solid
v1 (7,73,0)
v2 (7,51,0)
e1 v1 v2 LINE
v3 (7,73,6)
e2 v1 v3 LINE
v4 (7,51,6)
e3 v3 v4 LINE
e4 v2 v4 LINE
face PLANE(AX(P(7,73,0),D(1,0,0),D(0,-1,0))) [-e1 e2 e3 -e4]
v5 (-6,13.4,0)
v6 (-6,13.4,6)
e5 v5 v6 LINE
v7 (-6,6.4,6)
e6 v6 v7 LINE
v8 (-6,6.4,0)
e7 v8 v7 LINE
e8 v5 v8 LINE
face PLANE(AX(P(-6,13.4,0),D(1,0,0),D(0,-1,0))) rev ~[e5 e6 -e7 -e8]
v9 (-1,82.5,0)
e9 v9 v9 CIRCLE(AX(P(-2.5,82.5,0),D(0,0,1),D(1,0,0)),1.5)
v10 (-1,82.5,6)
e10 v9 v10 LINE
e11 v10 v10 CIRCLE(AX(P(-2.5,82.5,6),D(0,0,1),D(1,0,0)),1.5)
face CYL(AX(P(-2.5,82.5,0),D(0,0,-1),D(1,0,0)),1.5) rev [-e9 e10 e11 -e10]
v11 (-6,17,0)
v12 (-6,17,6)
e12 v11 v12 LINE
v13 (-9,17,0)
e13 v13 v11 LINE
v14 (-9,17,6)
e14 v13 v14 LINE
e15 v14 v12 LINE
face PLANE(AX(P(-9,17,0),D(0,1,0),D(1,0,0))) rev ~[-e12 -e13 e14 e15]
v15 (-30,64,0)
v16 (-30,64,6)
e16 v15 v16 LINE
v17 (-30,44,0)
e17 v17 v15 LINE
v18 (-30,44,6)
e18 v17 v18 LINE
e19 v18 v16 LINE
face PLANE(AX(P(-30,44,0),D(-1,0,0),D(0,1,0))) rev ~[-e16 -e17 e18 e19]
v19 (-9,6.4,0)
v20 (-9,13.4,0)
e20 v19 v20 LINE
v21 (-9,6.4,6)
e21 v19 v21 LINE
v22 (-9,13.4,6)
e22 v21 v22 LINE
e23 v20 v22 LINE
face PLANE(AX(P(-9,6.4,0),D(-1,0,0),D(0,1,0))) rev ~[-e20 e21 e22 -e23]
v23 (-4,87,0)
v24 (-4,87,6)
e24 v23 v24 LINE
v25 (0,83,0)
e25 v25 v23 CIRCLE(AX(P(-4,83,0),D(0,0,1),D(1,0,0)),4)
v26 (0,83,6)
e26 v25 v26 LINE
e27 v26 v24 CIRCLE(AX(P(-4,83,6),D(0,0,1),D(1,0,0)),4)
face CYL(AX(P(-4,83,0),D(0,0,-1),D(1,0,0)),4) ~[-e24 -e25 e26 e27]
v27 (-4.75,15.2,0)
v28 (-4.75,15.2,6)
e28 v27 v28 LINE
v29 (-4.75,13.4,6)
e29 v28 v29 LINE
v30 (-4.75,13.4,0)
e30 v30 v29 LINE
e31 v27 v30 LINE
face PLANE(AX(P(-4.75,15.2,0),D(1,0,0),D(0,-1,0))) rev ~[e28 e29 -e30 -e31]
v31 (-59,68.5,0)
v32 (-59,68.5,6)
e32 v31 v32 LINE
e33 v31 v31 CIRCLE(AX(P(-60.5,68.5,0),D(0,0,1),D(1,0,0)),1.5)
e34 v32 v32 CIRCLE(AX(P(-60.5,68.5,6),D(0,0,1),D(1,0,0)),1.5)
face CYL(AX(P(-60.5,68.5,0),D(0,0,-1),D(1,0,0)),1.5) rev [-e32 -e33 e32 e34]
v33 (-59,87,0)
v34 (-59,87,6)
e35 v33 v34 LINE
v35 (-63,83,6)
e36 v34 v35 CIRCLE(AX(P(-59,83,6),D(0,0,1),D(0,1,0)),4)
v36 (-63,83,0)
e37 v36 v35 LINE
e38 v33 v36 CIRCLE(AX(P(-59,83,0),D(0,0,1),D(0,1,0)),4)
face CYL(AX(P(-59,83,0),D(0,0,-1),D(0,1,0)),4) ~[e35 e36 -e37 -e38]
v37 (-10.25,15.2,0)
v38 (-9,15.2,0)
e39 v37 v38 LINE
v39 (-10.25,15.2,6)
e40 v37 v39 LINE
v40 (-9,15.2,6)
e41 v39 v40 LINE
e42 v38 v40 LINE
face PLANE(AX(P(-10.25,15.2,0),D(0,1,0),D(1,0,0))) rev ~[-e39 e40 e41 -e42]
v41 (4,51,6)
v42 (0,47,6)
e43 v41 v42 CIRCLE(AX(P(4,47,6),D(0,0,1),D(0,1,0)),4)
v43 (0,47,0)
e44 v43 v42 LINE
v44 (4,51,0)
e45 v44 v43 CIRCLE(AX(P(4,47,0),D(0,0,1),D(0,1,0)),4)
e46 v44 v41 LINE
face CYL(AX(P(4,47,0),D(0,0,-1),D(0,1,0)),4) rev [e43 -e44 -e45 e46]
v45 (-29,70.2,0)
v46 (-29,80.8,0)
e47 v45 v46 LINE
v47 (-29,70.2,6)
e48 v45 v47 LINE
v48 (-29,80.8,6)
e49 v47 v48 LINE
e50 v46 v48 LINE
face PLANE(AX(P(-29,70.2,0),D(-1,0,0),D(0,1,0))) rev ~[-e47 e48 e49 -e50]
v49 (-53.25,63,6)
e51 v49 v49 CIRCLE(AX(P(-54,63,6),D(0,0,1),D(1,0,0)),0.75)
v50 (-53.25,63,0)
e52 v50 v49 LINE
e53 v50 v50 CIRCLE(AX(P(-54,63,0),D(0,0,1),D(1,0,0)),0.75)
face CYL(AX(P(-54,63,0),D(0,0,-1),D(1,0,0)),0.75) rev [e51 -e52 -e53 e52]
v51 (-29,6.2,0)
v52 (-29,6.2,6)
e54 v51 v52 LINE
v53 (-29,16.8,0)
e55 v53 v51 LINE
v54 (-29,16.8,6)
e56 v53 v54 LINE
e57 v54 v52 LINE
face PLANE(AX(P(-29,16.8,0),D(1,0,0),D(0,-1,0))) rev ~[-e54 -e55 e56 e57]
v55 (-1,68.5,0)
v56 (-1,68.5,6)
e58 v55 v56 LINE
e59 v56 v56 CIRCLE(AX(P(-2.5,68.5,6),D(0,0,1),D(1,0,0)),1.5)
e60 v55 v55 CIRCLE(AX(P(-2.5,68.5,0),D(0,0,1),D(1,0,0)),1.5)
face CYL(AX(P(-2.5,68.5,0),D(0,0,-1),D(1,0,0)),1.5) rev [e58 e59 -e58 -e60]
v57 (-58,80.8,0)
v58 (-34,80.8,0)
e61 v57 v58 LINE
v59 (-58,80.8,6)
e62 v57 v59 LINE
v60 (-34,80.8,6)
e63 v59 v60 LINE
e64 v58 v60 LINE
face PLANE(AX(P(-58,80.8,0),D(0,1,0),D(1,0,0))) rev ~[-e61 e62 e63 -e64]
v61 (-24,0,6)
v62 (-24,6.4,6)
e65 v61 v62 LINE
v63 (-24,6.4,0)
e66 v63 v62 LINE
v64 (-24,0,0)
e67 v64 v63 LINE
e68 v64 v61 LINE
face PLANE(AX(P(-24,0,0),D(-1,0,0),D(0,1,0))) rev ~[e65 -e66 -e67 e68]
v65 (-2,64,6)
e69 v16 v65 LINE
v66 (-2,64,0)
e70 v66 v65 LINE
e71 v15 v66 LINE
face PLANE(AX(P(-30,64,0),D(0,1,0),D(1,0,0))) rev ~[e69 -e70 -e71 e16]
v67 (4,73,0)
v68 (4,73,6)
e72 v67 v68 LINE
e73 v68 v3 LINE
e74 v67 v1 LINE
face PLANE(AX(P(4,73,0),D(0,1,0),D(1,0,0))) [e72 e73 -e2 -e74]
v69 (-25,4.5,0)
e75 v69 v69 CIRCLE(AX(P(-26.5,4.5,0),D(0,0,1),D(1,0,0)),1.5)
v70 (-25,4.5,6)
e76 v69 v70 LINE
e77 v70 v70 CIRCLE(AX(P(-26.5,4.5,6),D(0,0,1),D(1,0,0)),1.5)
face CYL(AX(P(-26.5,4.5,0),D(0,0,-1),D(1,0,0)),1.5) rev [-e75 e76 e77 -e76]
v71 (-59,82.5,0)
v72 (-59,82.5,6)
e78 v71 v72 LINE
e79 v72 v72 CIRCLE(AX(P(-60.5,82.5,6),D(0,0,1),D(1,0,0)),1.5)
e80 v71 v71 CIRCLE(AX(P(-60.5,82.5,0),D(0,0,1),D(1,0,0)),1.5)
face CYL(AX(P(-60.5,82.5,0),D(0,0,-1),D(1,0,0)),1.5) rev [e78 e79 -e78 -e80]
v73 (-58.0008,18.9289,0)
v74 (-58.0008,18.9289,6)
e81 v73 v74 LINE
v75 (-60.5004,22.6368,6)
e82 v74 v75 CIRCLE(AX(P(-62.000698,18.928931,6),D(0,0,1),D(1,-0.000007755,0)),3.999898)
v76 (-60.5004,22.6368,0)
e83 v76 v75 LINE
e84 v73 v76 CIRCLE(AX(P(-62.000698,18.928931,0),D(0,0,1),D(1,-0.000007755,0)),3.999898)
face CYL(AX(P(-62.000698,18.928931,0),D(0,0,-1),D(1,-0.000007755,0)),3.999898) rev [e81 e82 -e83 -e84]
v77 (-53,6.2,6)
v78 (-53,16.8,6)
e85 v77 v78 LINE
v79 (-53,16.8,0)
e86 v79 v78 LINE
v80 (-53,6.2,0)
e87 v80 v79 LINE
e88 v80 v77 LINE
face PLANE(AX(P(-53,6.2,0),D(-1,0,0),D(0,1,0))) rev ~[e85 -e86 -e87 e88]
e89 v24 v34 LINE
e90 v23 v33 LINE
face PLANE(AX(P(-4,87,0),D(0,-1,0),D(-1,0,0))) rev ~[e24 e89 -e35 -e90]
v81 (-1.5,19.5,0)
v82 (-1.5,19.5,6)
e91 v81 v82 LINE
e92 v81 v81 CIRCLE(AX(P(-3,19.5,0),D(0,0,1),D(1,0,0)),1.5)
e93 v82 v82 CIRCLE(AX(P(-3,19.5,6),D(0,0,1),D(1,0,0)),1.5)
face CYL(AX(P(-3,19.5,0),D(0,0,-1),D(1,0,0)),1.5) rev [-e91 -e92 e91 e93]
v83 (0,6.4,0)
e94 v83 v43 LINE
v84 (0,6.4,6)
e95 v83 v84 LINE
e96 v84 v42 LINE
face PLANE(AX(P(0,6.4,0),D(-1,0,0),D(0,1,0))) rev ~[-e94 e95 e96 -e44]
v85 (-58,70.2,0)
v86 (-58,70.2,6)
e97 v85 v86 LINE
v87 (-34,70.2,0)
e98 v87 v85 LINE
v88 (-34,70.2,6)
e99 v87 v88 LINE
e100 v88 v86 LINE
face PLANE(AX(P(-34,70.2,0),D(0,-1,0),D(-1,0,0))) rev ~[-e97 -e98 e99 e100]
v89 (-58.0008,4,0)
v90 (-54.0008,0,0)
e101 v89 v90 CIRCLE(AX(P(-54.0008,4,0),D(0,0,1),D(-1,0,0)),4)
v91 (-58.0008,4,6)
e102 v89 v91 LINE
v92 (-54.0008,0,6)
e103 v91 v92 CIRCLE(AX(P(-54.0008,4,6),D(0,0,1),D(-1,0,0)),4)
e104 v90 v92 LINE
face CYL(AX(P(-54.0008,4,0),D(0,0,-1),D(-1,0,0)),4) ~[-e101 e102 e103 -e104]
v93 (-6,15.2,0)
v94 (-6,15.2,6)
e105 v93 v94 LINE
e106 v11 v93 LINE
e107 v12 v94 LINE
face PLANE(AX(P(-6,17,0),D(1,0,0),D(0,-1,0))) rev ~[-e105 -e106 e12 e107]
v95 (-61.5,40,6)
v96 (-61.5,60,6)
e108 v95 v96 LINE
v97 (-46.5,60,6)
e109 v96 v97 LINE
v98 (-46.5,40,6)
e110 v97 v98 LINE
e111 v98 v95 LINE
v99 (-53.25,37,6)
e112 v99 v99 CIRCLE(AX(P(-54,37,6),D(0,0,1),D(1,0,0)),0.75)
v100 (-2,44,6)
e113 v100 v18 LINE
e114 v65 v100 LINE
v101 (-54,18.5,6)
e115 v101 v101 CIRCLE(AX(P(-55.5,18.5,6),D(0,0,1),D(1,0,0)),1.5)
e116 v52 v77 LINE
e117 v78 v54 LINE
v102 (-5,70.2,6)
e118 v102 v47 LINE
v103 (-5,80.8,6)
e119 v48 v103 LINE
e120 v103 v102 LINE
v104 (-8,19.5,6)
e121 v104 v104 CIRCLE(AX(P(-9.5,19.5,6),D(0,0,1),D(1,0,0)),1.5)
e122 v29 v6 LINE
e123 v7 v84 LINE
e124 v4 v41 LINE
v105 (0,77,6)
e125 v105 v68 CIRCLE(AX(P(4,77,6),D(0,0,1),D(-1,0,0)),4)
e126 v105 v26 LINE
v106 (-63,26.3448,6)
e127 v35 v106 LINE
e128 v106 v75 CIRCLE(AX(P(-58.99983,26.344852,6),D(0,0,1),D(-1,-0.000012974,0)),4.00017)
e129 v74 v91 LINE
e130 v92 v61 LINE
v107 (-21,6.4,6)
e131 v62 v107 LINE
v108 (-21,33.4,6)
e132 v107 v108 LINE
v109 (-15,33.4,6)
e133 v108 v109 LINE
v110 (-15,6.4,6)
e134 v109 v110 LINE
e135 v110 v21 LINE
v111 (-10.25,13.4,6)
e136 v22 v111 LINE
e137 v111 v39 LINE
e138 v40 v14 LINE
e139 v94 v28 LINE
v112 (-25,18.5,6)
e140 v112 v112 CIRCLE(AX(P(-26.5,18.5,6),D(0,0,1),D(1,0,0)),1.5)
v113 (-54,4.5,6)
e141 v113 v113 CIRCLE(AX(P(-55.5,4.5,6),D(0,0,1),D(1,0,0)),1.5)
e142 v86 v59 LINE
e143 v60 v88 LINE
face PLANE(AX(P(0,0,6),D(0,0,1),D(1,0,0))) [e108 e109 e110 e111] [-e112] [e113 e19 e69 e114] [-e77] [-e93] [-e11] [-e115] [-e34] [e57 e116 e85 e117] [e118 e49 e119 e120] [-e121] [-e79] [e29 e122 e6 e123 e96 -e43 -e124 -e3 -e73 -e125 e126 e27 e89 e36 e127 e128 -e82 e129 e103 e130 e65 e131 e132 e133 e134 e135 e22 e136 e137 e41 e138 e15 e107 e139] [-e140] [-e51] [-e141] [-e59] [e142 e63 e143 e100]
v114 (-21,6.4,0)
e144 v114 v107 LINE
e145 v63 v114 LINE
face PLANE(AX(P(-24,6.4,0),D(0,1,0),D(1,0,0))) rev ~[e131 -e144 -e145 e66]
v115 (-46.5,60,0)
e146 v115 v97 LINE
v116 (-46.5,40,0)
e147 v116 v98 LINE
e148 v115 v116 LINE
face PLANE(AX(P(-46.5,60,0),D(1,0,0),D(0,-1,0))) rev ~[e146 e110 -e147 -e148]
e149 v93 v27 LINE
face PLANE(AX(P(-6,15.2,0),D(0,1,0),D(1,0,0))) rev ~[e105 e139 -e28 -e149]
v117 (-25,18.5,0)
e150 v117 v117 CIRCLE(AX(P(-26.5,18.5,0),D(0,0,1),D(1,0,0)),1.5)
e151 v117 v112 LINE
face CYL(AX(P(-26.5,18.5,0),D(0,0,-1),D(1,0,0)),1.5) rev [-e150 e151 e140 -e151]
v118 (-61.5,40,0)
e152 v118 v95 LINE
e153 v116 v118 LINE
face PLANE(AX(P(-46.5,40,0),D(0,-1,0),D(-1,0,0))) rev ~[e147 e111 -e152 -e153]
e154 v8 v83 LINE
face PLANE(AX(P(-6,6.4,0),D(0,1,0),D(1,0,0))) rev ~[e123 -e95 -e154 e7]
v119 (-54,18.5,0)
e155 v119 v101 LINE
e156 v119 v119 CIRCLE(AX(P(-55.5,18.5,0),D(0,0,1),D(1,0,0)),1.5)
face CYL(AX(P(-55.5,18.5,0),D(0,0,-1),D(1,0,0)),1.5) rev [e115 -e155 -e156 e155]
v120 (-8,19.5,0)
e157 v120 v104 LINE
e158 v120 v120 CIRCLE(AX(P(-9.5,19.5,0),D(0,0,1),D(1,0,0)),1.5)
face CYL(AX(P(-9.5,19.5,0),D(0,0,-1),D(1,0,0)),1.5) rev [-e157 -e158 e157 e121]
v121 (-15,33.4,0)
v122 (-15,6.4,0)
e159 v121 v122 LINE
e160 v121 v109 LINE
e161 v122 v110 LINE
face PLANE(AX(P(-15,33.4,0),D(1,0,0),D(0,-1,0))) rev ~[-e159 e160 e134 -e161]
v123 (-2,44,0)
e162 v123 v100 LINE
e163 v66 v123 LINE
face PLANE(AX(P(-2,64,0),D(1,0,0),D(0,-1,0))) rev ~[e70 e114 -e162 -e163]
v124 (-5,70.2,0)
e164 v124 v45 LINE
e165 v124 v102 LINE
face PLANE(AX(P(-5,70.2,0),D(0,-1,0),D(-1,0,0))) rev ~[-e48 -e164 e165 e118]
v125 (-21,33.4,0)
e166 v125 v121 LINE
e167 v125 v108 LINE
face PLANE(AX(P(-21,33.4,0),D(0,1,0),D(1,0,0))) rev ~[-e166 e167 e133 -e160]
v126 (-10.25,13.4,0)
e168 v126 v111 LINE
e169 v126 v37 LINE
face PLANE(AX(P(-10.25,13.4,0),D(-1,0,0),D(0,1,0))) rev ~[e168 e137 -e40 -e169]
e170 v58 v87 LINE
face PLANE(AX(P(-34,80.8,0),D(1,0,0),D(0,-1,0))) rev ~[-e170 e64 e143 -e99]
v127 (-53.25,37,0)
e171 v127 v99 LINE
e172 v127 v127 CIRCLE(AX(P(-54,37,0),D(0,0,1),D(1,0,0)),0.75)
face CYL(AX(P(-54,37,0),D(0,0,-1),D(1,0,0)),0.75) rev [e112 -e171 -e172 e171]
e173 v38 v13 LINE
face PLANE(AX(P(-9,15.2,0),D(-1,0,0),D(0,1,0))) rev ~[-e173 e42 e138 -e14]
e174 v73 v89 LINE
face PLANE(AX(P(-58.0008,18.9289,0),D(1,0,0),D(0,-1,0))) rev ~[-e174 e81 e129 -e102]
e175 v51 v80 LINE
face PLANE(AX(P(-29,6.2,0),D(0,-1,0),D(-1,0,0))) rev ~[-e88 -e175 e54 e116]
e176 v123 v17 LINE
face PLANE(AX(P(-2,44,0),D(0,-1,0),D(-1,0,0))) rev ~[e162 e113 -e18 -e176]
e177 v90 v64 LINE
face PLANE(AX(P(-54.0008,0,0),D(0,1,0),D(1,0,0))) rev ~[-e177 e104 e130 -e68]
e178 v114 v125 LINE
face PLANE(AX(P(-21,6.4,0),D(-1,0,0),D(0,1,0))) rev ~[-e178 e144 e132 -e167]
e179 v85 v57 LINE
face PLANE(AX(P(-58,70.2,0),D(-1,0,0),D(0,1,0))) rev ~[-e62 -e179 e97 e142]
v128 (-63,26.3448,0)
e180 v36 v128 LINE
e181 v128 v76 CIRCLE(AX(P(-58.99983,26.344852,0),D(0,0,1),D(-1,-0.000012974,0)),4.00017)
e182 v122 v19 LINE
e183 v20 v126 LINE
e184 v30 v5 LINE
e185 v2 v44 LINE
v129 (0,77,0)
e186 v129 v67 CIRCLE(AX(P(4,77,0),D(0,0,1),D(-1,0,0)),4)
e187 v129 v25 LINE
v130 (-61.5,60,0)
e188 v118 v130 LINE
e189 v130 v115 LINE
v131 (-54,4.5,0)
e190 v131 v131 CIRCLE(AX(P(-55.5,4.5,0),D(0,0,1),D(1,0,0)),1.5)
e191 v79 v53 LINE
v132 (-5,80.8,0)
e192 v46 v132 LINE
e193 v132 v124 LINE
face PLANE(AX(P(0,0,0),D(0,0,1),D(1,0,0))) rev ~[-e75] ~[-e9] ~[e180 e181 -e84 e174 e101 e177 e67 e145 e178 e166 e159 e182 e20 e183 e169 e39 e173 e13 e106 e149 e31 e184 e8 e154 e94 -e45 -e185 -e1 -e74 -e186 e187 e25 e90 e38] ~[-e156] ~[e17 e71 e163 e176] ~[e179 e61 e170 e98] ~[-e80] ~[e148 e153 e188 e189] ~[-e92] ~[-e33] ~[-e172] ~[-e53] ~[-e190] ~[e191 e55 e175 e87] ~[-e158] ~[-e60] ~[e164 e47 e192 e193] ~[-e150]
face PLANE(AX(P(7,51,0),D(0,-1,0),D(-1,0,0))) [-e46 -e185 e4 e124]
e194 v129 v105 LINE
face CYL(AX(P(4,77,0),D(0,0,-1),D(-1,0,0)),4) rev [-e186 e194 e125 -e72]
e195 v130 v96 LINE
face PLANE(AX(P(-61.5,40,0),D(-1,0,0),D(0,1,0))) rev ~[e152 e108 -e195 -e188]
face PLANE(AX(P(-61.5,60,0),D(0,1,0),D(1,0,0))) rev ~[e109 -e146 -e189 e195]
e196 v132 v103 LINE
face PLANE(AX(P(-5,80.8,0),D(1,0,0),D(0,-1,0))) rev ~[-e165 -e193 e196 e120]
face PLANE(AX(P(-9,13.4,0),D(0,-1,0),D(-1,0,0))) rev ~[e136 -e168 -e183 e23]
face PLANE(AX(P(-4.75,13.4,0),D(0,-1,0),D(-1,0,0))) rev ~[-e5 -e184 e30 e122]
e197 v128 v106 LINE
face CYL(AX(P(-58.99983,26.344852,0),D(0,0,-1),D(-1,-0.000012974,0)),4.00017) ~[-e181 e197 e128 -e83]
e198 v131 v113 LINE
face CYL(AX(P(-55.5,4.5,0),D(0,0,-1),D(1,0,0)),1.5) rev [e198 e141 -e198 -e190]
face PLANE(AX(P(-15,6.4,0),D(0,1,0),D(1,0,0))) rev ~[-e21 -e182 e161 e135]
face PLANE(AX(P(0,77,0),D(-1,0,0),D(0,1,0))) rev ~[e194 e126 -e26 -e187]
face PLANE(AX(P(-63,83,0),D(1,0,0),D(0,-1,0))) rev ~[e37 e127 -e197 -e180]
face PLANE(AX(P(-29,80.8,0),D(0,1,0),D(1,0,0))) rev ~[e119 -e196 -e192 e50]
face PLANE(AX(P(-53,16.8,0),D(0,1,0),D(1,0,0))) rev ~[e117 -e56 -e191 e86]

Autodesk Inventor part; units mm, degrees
ref_plane "YZ Plane" through (0, 0, 0) normal (1, 0, 0) x (0, 1, 0)
ref_plane "XZ Plane" through (0, 0, 0) normal (0, 1, 0) x (-1, 0, 0)
ref_plane "XY Plane" through (0, 0, 0) normal (0, 0, 1) x (1, 0, 0)
sketch "Sketch1" plane through (0, 0, 0) normal (0, 0, 1) x (1, 0, 0)
  line L0 (-30, 44) -> (-30, 64)
  line L1 (-30, 64) -> (-2, 64)
  line L2 (-2, 64) -> (-2, 44)
  line L3 (-2, 44) -> (-30, 44)
  line L4 (-61.5, 40) -> (-61.5, 60)
  line L5 (-61.5, 60) -> (-46.5, 60)
  line L6 (-46.5, 60) -> (-46.5, 40)
  line L7 (-46.5, 40) -> (-61.5, 40)
  line L8 (-53, 6.2) -> (-53, 16.8)
  line L9 (-53, 16.8) -> (-29, 16.8)
  line L10 (-29, 16.8) -> (-29, 6.2)
  line L11 (-29, 6.2) -> (-53, 6.2)
  line L12 (-29, 70.2) -> (-29, 80.8)
  line L13 (-29, 80.8) -> (-5, 80.8)
  line L14 (-5, 80.8) -> (-5, 70.2)
  line L15 (-5, 70.2) -> (-29, 70.2)
  line L16 (-58, 70.2) -> (-58, 80.8)
  line L17 (-58, 80.8) -> (-34, 80.8)
  line L18 (-34, 80.8) -> (-34, 70.2)
  line L19 (-34, 70.2) -> (-58, 70.2)
  circle A0 centre (-3, 19.5) radius 1.5
  circle A1 centre (-9.5, 19.5) radius 1.5
  circle A2 centre (-26.5, 18.5) radius 1.5
  circle A3 centre (-26.5, 4.5) radius 1.5
  circle A4 centre (-55.5, 4.5) radius 1.5
  circle A5 centre (-55.5, 18.5) radius 1.5
  circle A6 centre (-2.5, 68.5) radius 1.5
  circle A7 centre (-60.5, 68.5) radius 1.5
  circle A8 centre (-60.5, 82.5) radius 1.5
  circle A9 centre (-2.5, 82.5) radius 1.5
  circle A10 centre (-54, 37) radius 0.75
  circle A11 centre (-54, 63) radius 0.75
  arc A12 (-63, 26.3448) -> (-60.5004, 22.6368) centre (-59, 26.3448) ccw
  arc A13 (-58.0008, 18.9289) -> (-60.5004, 22.6368) centre (-62.0008, 18.9289) ccw
  line L20 (-58.0008, 18.9289) -> (-58.0008, 4)
  arc A14 (-58.0008, 4) -> (-54.0008, 0) centre (-54.0008, 4) ccw
  line L21 (-54.0008, 0) -> (-24, 0)
  line L22 (-24, 0) -> (-24, 6.4)
  line L23 (-24, 6.4) -> (-21, 6.4)
  line L24 (-21, 6.4) -> (-21, 33.4)
  line L25 (-21, 33.4) -> (-15, 33.4)
  line L26 (-15, 33.4) -> (-15, 6.4)
  line L27 (-15, 6.4) -> (-9, 6.4)
  line L28 (-9, 6.4) -> (-9, 13.4)
  line L29 (-9, 13.4) -> (-10.25, 13.4)
  line L30 (-10.25, 13.4) -> (-10.25, 15.2)
  line L31 (-10.25, 15.2) -> (-9, 15.2)
  line L32 (-9, 15.2) -> (-9, 17)
  line L33 (-9, 17) -> (-6, 17)
  line L34 (-6, 17) -> (-6, 15.2)
  line L35 (-6, 15.2) -> (-4.75, 15.2)
  line L36 (-4.75, 15.2) -> (-4.75, 13.4)
  line L37 (-4.75, 13.4) -> (-6, 13.4)
  line L38 (-6, 13.4) -> (-6, 6.4)
  line L39 (-6, 6.4) -> (0, 6.4)
  line L40 (0, 6.4) -> (0, 47)
  arc A15 (4, 51) -> (0, 47) centre (4, 47) ccw
  line L41 (7, 51) -> (4, 51)
  line L42 (7, 73) -> (7, 51)
  line L43 (4, 73) -> (7, 73)
  arc A16 (0, 77) -> (4, 73) centre (4, 77) ccw
  line L44 (0, 77) -> (0, 83)
  arc A17 (0, 83) -> (-4, 87) centre (-4, 83) ccw
  line L45 (-4, 87) -> (-59, 87)
  arc A18 (-59, 87) -> (-63, 83) centre (-59, 83) ccw
  line L46 (-63, 83) -> (-63, 26.3448)
  point P0 (0, 0)
  point P1 (0, 0)
extrude "Extrusion1" add sketch "Sketch1" along normal blind 6
properties part number "yCarBottom"
